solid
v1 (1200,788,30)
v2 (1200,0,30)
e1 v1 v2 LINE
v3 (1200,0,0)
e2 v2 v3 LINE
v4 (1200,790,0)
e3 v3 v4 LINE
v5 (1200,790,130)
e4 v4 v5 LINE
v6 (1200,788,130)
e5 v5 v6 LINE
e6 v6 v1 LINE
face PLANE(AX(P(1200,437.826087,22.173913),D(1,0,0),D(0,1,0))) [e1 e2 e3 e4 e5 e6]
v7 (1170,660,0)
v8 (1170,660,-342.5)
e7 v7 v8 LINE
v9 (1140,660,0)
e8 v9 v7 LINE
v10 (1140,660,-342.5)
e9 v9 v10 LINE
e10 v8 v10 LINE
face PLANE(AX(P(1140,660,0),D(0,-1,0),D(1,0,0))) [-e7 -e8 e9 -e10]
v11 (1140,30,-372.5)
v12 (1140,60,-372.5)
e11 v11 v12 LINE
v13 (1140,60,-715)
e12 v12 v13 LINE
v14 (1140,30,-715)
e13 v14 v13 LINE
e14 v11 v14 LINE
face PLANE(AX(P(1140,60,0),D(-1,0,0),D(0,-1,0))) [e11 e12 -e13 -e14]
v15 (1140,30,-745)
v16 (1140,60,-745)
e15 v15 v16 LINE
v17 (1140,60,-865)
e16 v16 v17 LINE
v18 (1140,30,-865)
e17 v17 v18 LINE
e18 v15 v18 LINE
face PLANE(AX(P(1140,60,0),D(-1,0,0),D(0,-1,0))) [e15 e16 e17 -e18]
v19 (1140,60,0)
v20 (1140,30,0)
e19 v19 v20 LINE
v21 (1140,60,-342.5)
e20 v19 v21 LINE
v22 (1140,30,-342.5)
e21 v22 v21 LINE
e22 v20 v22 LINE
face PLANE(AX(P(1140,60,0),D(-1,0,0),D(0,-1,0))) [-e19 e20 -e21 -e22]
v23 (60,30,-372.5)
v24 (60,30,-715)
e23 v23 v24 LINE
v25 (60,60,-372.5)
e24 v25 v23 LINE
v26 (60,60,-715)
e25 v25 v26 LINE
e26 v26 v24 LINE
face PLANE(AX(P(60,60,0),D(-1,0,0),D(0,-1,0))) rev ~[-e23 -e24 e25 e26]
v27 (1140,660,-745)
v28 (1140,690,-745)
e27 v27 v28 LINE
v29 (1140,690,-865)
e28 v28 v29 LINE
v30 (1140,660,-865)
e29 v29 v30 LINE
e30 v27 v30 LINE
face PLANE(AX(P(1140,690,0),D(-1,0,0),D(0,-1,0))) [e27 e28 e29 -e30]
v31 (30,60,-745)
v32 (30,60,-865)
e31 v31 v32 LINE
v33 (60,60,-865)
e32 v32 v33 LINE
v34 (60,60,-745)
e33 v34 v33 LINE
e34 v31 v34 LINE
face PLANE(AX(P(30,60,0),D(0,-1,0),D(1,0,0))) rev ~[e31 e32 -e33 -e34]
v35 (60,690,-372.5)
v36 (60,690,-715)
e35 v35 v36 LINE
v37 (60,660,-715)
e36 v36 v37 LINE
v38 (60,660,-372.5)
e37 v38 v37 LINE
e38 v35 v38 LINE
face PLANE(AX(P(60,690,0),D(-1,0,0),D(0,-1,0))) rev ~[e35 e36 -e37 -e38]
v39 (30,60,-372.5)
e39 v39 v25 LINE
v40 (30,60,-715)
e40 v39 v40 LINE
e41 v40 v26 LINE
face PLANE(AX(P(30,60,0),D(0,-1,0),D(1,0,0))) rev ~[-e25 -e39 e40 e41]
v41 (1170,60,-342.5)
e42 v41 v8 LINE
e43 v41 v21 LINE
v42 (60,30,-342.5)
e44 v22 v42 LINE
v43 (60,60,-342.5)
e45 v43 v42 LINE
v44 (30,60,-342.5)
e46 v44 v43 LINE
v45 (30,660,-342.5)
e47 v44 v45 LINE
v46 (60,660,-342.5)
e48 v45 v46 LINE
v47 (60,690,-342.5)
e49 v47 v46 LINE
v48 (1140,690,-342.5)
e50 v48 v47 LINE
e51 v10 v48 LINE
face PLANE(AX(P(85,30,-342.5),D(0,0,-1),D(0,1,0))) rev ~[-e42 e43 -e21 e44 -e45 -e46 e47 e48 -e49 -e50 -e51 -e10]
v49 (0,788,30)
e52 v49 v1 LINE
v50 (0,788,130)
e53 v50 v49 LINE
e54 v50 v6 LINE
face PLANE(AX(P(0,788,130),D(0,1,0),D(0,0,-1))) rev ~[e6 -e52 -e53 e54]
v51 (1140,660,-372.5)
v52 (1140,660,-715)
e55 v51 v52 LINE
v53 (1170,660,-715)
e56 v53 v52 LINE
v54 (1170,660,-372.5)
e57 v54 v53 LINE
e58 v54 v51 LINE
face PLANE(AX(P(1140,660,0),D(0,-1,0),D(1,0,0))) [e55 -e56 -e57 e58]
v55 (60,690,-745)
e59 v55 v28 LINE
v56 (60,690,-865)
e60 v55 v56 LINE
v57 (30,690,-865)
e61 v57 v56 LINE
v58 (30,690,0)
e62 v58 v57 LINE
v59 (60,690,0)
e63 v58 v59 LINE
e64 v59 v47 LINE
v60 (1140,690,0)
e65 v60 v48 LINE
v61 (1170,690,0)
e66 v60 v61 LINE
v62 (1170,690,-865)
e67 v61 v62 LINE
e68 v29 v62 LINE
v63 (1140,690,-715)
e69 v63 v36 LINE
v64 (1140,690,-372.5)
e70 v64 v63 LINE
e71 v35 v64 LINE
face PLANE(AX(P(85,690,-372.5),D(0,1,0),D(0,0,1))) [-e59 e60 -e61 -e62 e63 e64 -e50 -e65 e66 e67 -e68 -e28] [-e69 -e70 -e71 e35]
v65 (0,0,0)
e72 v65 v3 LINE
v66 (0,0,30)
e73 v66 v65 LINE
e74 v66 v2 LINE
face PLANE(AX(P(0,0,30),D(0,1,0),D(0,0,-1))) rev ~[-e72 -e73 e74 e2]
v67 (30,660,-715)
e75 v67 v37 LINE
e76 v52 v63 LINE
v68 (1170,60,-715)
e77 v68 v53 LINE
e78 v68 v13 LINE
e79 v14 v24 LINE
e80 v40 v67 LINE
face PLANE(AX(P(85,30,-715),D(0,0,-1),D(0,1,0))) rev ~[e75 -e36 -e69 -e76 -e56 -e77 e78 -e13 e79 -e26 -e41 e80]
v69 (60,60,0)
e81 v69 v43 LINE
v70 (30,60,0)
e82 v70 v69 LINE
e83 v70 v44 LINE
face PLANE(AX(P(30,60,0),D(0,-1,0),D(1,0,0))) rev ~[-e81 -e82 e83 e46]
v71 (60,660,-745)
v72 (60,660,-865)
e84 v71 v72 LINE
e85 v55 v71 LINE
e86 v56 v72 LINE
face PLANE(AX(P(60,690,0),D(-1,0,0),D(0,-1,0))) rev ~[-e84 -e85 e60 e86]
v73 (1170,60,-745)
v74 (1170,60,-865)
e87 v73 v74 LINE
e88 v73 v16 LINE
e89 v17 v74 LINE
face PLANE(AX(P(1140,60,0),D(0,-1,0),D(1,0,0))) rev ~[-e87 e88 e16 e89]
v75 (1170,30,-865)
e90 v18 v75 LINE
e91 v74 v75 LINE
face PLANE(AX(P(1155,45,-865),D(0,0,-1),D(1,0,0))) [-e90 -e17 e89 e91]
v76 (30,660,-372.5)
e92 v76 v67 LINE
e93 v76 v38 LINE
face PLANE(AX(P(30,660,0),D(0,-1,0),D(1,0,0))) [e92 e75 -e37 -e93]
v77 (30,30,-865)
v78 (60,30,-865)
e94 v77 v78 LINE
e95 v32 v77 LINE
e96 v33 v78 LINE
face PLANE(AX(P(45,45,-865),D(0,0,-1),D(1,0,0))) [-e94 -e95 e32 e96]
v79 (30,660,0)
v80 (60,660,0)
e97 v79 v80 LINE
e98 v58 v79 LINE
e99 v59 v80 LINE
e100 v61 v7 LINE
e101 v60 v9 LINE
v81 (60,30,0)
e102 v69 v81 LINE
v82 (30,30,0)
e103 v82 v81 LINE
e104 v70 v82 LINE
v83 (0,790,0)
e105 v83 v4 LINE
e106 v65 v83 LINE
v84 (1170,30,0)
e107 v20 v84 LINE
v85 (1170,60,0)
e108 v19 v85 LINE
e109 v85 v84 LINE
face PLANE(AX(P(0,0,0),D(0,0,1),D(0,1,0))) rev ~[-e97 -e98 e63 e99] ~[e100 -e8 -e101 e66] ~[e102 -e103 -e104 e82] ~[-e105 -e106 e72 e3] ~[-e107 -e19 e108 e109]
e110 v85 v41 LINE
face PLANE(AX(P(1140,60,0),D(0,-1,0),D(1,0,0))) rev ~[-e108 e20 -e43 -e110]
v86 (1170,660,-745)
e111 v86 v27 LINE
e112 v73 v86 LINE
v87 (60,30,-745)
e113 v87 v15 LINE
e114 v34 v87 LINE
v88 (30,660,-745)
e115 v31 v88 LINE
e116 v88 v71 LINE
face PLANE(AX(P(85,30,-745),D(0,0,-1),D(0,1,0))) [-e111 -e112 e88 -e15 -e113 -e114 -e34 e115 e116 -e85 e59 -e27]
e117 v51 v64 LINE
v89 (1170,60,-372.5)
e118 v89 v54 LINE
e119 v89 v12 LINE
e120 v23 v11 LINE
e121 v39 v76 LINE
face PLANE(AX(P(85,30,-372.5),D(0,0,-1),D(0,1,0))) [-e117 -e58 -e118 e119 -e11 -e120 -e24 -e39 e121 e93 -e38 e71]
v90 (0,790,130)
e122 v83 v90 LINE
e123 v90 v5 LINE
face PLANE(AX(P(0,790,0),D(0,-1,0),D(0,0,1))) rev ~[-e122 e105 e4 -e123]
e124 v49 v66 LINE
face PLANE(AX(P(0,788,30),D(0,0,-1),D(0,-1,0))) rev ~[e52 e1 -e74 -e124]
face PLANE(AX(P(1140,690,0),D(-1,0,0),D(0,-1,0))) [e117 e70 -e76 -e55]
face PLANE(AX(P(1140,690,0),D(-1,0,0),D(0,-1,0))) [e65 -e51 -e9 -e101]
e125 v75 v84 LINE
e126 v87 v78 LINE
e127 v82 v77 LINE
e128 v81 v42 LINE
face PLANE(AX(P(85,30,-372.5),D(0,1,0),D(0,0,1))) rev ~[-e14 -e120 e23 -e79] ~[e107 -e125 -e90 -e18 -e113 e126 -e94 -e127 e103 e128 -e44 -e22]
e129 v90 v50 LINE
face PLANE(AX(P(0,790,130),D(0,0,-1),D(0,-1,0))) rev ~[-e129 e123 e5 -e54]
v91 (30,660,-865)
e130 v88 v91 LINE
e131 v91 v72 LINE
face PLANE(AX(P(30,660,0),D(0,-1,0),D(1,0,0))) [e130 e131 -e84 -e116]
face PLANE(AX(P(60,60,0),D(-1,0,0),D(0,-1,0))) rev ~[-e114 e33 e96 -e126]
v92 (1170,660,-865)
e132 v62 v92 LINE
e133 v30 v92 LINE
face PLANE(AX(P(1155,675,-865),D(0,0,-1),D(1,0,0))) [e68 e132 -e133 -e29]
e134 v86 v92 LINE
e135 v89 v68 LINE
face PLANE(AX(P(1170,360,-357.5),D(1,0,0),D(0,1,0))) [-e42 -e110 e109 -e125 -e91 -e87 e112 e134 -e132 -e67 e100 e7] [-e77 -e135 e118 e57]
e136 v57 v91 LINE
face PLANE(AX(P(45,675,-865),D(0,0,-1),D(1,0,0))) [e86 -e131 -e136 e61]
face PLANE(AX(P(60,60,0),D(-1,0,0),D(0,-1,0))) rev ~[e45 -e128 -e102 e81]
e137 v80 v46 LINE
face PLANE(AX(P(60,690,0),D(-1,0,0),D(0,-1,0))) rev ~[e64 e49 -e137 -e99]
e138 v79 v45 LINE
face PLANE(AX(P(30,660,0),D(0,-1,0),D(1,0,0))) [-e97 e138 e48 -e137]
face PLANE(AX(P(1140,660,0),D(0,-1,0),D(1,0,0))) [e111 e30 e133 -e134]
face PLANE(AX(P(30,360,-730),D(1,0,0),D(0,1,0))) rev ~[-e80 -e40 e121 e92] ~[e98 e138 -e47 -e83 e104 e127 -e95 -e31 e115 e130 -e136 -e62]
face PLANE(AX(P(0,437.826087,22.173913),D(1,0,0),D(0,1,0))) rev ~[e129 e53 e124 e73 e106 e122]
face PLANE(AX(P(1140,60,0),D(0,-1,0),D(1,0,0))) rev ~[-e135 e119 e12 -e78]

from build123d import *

# Parameters (mm, degrees)
F1_DEPTH      = 1200
F2_W          = 30
F2_H          = 30
F3_DEPTH      = 865
F5_W          = 660
F5_H          = 30
F6_DEPTH      = 1085
F6_DEPTH_BACK = 55
F7_W          = 660
F7_H          = 30
F8_DEPTH      = 1085
F8_DEPTH_BACK = 55


with BuildPart() as f1:
    # F0 (on Right) → F1 (new body)
    with BuildSketch(Plane.YZ):
        Polygon((0, 30), (0, 0), (790, 0), (790, 130), (788, 130), (788, 30), align=None)
    extrude(amount=F1_DEPTH)

    # F2 (on face) → F3 (join)
    with BuildSketch(Plane(origin=(0, 0, 0), x_dir=(1, 0, 0), z_dir=(0, 0, -1))):
        with Locations((45, -45)):
            Rectangle(F2_W, F2_H)
        with Locations((1155, -45)):
            Rectangle(F2_W, F2_H)
        with Locations((1155, -675)):
            Rectangle(F2_W, F2_H)
        with Locations((45, -675)):
            Rectangle(F2_W, F2_H)
    extrude(amount=F3_DEPTH)

    # F5 (on offset) → F6 (join, two sides)
    with BuildSketch(Plane.YZ.offset(85)) as f6_sk:
        with Locations((360, -730)):
            Rectangle(F5_W, F5_H)
    extrude(amount=F6_DEPTH)
    extrude(f6_sk.sketch, amount=-F6_DEPTH_BACK)

    # F7 (on offset) → F8 (join, two sides)
    with BuildSketch(Plane.YZ.offset(85)) as f8_sk:
        with Locations((360, -357.5)):
            Rectangle(F7_W, F7_H)
    extrude(amount=F8_DEPTH)
    extrude(f8_sk.sketch, amount=-F8_DEPTH_BACK)


solid = f1.part
